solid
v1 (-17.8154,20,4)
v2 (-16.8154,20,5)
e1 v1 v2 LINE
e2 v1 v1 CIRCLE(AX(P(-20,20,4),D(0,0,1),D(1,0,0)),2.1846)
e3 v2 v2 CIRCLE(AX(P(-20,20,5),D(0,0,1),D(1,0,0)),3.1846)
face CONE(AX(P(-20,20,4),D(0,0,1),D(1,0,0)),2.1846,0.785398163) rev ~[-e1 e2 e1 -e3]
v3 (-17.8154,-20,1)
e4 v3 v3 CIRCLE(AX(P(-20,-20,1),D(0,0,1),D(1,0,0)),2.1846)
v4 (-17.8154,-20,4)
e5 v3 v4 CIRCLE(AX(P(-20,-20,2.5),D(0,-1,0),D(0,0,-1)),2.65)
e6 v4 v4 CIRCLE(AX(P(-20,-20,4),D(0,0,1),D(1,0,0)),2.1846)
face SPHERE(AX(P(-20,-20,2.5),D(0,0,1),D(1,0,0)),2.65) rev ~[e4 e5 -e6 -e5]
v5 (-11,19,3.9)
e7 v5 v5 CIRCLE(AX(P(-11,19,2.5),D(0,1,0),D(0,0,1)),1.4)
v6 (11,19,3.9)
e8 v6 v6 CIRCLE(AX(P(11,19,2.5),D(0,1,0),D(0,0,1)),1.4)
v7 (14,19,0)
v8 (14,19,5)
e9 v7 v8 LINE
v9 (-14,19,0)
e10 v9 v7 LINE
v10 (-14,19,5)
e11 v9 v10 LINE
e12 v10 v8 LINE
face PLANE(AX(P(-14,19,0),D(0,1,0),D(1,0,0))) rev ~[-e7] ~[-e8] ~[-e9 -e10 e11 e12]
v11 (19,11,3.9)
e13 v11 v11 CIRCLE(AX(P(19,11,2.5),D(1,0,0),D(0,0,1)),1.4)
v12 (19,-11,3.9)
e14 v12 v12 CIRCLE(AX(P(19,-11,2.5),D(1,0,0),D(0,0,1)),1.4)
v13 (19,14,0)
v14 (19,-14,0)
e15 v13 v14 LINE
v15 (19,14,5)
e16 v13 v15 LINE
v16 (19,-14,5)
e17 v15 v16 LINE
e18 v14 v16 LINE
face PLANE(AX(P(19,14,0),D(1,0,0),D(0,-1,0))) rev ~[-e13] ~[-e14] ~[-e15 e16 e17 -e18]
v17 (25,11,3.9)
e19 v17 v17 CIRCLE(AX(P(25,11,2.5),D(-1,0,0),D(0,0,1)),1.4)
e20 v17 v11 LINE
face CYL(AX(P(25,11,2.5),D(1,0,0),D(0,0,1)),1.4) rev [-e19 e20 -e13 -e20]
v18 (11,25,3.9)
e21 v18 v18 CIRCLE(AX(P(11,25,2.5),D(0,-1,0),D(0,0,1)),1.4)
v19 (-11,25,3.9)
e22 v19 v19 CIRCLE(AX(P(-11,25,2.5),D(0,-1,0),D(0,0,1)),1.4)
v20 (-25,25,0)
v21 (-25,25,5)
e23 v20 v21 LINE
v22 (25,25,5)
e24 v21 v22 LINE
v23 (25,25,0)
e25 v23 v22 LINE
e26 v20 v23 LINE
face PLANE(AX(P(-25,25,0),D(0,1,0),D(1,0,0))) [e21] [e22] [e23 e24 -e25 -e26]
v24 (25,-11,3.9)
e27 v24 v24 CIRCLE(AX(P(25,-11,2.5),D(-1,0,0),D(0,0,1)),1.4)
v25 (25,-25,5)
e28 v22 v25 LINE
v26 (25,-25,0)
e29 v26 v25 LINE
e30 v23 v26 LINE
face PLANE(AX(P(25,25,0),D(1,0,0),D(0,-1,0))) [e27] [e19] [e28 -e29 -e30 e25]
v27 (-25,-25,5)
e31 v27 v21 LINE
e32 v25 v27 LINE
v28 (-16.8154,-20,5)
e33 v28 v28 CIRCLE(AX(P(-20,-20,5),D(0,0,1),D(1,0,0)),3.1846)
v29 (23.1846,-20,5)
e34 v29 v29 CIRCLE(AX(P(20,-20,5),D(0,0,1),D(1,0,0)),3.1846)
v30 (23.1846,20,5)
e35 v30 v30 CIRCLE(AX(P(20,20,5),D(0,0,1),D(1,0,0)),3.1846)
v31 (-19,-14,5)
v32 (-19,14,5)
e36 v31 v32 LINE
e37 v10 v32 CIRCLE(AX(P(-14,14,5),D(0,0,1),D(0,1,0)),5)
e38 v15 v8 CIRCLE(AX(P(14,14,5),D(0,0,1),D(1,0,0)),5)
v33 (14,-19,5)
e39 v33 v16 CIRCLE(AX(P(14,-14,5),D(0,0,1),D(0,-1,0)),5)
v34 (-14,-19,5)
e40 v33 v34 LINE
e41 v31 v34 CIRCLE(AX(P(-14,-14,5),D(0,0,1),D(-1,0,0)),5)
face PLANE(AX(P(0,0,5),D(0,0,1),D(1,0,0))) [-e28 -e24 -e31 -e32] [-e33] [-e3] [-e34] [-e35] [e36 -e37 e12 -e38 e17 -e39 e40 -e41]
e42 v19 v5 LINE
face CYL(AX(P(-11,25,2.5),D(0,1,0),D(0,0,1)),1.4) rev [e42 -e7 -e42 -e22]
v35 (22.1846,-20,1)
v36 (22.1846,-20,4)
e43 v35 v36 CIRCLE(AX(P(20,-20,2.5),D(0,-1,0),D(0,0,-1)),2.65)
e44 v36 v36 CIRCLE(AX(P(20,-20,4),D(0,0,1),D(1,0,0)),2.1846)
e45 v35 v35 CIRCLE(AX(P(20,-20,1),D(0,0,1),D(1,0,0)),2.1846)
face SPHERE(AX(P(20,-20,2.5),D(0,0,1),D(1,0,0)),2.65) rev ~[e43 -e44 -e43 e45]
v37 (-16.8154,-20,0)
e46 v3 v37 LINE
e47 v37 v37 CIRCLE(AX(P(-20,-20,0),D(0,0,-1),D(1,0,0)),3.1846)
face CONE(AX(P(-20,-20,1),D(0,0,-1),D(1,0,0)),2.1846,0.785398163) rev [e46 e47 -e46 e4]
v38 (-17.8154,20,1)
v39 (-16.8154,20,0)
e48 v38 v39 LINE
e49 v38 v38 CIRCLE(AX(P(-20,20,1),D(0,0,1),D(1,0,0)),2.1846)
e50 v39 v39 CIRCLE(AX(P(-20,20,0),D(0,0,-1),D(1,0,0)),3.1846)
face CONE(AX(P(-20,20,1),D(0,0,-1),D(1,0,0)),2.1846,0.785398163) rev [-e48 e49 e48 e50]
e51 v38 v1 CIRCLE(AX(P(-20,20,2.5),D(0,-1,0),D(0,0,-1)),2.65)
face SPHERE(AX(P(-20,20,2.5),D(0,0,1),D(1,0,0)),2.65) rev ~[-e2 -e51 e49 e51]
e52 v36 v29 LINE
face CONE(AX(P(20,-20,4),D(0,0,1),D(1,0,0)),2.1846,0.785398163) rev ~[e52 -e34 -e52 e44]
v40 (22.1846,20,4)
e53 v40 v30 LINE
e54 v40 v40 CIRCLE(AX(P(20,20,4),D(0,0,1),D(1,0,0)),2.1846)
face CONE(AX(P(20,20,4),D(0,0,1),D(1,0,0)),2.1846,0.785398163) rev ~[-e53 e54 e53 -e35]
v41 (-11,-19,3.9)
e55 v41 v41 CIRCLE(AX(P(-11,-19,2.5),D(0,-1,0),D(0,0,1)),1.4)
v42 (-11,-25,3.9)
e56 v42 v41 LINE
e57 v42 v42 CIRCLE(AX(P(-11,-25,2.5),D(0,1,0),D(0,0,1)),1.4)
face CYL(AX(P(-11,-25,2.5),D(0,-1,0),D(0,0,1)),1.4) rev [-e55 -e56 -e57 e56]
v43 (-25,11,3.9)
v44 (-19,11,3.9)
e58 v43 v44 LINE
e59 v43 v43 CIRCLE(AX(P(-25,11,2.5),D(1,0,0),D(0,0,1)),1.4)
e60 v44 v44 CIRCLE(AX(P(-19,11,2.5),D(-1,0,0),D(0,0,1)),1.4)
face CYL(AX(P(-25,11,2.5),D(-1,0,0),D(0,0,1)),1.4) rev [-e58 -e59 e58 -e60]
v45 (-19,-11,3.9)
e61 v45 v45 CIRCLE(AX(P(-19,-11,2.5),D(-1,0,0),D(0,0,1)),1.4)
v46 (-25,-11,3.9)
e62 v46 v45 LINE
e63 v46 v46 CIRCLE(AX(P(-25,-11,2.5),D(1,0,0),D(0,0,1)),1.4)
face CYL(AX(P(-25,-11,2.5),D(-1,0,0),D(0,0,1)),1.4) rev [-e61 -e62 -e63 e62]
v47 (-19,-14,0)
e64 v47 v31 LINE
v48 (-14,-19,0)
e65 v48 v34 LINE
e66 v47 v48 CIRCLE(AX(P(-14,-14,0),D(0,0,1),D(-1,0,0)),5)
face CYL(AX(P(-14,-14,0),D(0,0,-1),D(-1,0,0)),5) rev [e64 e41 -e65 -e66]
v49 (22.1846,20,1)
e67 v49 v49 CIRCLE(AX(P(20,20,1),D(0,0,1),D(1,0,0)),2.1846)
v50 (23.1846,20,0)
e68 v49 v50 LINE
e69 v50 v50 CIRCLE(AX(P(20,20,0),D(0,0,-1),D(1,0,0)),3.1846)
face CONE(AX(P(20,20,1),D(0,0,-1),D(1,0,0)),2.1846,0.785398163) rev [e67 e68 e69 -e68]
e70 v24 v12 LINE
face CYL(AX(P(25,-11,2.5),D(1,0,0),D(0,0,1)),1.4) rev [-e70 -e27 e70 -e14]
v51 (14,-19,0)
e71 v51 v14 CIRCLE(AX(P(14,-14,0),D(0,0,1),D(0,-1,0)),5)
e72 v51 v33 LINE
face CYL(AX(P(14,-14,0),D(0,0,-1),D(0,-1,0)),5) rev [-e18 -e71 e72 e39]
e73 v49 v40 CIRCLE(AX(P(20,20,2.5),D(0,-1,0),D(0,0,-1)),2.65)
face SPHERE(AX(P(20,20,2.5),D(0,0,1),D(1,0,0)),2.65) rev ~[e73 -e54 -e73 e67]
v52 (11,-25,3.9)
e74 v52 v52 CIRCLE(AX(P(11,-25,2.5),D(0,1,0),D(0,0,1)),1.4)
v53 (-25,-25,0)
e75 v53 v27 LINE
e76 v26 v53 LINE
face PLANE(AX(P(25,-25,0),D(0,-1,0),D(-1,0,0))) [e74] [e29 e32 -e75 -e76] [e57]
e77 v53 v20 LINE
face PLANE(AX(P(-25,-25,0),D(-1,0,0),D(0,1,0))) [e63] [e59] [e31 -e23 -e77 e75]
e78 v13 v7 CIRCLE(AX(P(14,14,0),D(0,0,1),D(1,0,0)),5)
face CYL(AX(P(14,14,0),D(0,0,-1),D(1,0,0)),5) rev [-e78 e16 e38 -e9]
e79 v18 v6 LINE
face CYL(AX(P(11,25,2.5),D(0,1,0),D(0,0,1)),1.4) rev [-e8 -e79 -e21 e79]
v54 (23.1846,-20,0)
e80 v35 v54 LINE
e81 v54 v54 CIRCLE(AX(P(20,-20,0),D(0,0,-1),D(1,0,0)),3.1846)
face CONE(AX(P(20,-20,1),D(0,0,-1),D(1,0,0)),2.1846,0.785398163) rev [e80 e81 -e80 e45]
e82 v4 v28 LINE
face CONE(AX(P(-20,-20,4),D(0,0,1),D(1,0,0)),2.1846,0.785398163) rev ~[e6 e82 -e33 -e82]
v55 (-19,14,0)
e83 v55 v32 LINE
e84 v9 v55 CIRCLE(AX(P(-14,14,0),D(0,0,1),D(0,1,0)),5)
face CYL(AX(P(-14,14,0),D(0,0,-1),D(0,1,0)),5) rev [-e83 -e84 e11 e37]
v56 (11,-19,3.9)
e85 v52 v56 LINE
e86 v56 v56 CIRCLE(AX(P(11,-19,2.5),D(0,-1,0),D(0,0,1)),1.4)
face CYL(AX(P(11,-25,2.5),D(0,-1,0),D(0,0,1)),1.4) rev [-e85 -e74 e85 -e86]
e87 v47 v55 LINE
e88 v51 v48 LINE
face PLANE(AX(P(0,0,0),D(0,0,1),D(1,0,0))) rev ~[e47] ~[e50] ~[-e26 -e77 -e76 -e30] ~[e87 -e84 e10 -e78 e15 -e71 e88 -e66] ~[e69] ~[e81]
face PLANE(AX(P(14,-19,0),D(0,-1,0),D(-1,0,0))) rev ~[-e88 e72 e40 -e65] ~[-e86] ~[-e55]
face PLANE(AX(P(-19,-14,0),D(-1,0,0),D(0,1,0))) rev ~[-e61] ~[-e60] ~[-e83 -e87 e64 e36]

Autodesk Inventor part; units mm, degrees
ref_plane "YZ Plane" through (0, 0, 0) normal (1, 0, 0) x (0, 1, 0)
ref_plane "XZ Plane" through (0, 0, 0) normal (0, 1, 0) x (-1, 0, 0)
sketch "Skizze1" plane through (0, 0, 0) normal (0, 0, 1) x (1, 0, 0)
  line L0 (-25, 25) -> (25, 25)
  line L1 (25, 25) -> (25, -25)
  line L2 (25, -25) -> (-25, -25)
  line L3 (-25, -25) -> (-25, 25)
  line L4 (-25, 25) -> (25, -25) construction
  line L5 (25, 25) -> (-25, -25) construction
  line L6 (20, 20) -> (23, 20) construction
  line L7 (-20, -20) -> (20, -20) construction
  line L8 (20, -20) -> (20, 20) construction
  line L9 (20, 20) -> (-20, 20) construction
  line L10 (-20, 20) -> (-20, -20) construction
  line L11 (-20, -20) -> (20, 20) construction
  line L12 (20, -20) -> (-20, 20) construction
  line L13 (-14, 19) -> (14, 19)
  line L14 (19, 14) -> (19, -14)
  line L15 (14, -19) -> (-14, -19)
  line L16 (-19, -14) -> (-19, 14)
  line L17 (-19, 19) -> (19, -19) construction
  line L18 (19, 19) -> (-19, -19) construction
  arc A0 (14, -19) -> (19, -14) centre (14, -14) ccw
  arc A1 (19, 14) -> (14, 19) centre (14, 14) ccw
  arc A2 (-14, 19) -> (-19, 14) centre (-14, 14) ccw
  arc A3 (-19, -14) -> (-14, -19) centre (-14, -14) ccw
  point P0 (0, 0)
  point P1 (0, 0)
  dimension "d2" = 50
  dimension "d3" = 50
  dimension "d273" = 40
  dimension "d274" = 40
  dimension "d275" = 38
  dimension "d276" = 38
  dimension "d277" = 5
extrude "Extrusion1" add sketch "Skizze1" along normal blind 5
ref_plane "Arbeitsebene1" through (-25, -20, 0) normal (0, -1, 0) x (1, 0, 0)
sketch "Skizze5" plane through (-25, -20, 0) normal (0, -1, 0) x (1, 0, 0)
  line L0 (50, 0) -> (0, 0) projected
  line L1 (0, 0) -> (0, 5) projected
  line L2 (5, -0.15) -> (5, 5.15)
  line L3 (5, 1) -> (7.1846, 1)
  line L4 (2.7, -1.6033) -> (2.7, 1.1838)
  line L5 (5, -1.6033) -> (5, -0.15)
  arc A0 (2.7, 3.8162) -> (4.1211, 0) centre (5, 2.5) ccw
  arc A1 (5, -0.15) -> (5, 5.15) centre (5, 2.5) ccw
  line L6 (7.1846, 1) -> (8.3346, -0.15)
  line L7 (8.3346, -0.15) -> (5, -0.15)
  line L8 (5, 2.5) -> (6.8859, 2.5)
  line L9 (7.1846, 4) -> (8.3346, 5.15)
  line L10 (8.3346, 5.15) -> (5, 5.15)
  point P0 (25, 0)
  point P1 (40, 8)
  point P2 (6.6949, -37.8745)
  dimension "d237" = 2.5
  dimension "d238" = 5
  dimension "d240" = 2.3
  dimension "d247" = 135
  dimension "d248" = 1.5
  dimension "d249" = 2.65
revolve "Umdrehung1" cut sketch "Skizze5" angle 360 about axis through (-20, -20, -0.15) along (0, 0, 1) contours L6 L7 A1 L0 | L0 A1 L6 | A1 L2 L0 | L0 L2 L3 A1 | L3 L2 A1 | A1 L10 L9
pattern_linear "Rechteckige Anordnung7" count 2 spacing 40 along (1, 0, 0) count 2 spacing 40 along (0, 1, 0) of "Umdrehung1"
sketch "Skizze16" plane through (0, 0, 0) normal (0, 0, -1) x (-1, 0, 0)
  line L0 (25, 25) -> (-25, 25) projected
  line L1 (-25, 25) -> (-25, -25) projected
  line L2 (-25, -25) -> (25, -25) projected
  line L3 (25, -25) -> (25, 25) projected
  circle A0 centre (0, 0) radius 25
  line L4 (-25, -25) -> (25, -25) projected
  line L5 (25, 25) -> (-25, 25) projected
  line L6 (25, 25) -> (25, -25) projected
  circle A1 centre (-20, 20) radius 3.1846 projected
  circle A2 centre (20, 20) radius 3.1846 projected
  circle A3 centre (20, -20) radius 3.1846 projected
  circle A4 centre (-20, -20) radius 3.1846 projected
  point P0 (0, -25)
  point P1 (-25, 0)
  point P2 (0, 25)
  point P3 (25, 0)
sketch "Skizze17" plane through (25, -15.5, 1) normal (-1, 0, 0) x (0, 0, 1)
  line L0 (-1, 40.5) -> (-1, -9.5) projected
  line L1 (-1, 40.5) -> (4, 40.5) projected
  line L2 (4, -9.5) -> (4, 40.5) projected
  line L3 (4, -9.5) -> (4, 40.5) projected
  line L4 (-1, -9.5) -> (4, -9.5) projected
  line L5 (-1, 40.5) -> (-1, -9.5) projected
  circle A0 centre (1.5, 26.5) radius 1.4
  circle A1 centre (1.5, 4.5) radius 1.4
  line L6 (-1, 40.5) -> (4, 40.5) projected
  line L7 (-1, -9.5) -> (4, -9.5) projected
  dimension "d241" = 2.8
  dimension "d242" = 2.8
  dimension "d243" = 14
  dimension "d1" = 14
  dimension "d253" = 2.5
  dimension "d254" = 2.5
extrude "Extrusion12" cut sketch "Skizze17" along normal blind 10 contours A0 | A1
sketch "Sketch24" plane through (0, 0, 0) normal (0, 0, -1) x (-1, 0, 0)
  circle A0 centre (20, -20) radius 3.1846 projected
  circle A1 centre (-20, -20) radius 3.1846 projected
  circle A2 centre (20, 20) radius 3.1846 projected
  circle A3 centre (-20, 20) radius 3.1846 projected
  line L0 (25, 25) -> (-25, 25) projected
  line L1 (-25, 25) -> (-25, -25) projected
  line L2 (-25, -25) -> (25, -25) projected
  line L3 (25, -25) -> (25, 25) projected
  circle A4 centre (0, 0) radius 12.0567
pattern_circular "Circular Pattern4" count 4 over 360 about axis through (0, 0, 0) along (0, 0, 1) of "Extrusion12"
equation "\"d2\" = d_part"
equation "\"d3\" = d_part"
equation "\"d_i\" = 40"
equation "\"d_o\" = 40"
equation "\"d_part\" = 50"
equation "\"d6\" = 0"
equation "\"d7\" = 0"
equation "\"d8\" = 0"
equation "\"d9\" = 0"
equation "\"d13\" = 0"
equation "\"d14\" = 0"
equation "\"d20\" = 0"
equation "\"d21\" = 0"
equation "\"d22\" = 0"
equation "\"d23\" = 0"
equation "\"d24\" = 0"
equation "\"d25\" = 3"
equation "\"d26\" = 0"
equation "\"d27\" = 0"
equation "\"d28\" = 0"
equation "\"d29\" = 0"
equation "\"d30\" = 0"
equation "\"d31\" = 0"
equation "\"d32\" = 0"
equation "\"d33\" = 0"
equation "\"d34\" = 0"
equation "\"d46\" = 0"
equation "\"d47\" = 0"
equation "\"d48\" = 0"
equation "\"d50\" = 0"
equation "\"d51\" = 0"
equation "\"d52\" = 0"
equation "\"d53\" = 0"
equation "\"d54\" = 0"
equation "\"d55\" = 0"
equation "\"d56\" = 0"
equation "\"d57\" = 0"
equation "\"d58\" = 0"
equation "\"d59\" = 0"
properties part number "10_Base_v2"
